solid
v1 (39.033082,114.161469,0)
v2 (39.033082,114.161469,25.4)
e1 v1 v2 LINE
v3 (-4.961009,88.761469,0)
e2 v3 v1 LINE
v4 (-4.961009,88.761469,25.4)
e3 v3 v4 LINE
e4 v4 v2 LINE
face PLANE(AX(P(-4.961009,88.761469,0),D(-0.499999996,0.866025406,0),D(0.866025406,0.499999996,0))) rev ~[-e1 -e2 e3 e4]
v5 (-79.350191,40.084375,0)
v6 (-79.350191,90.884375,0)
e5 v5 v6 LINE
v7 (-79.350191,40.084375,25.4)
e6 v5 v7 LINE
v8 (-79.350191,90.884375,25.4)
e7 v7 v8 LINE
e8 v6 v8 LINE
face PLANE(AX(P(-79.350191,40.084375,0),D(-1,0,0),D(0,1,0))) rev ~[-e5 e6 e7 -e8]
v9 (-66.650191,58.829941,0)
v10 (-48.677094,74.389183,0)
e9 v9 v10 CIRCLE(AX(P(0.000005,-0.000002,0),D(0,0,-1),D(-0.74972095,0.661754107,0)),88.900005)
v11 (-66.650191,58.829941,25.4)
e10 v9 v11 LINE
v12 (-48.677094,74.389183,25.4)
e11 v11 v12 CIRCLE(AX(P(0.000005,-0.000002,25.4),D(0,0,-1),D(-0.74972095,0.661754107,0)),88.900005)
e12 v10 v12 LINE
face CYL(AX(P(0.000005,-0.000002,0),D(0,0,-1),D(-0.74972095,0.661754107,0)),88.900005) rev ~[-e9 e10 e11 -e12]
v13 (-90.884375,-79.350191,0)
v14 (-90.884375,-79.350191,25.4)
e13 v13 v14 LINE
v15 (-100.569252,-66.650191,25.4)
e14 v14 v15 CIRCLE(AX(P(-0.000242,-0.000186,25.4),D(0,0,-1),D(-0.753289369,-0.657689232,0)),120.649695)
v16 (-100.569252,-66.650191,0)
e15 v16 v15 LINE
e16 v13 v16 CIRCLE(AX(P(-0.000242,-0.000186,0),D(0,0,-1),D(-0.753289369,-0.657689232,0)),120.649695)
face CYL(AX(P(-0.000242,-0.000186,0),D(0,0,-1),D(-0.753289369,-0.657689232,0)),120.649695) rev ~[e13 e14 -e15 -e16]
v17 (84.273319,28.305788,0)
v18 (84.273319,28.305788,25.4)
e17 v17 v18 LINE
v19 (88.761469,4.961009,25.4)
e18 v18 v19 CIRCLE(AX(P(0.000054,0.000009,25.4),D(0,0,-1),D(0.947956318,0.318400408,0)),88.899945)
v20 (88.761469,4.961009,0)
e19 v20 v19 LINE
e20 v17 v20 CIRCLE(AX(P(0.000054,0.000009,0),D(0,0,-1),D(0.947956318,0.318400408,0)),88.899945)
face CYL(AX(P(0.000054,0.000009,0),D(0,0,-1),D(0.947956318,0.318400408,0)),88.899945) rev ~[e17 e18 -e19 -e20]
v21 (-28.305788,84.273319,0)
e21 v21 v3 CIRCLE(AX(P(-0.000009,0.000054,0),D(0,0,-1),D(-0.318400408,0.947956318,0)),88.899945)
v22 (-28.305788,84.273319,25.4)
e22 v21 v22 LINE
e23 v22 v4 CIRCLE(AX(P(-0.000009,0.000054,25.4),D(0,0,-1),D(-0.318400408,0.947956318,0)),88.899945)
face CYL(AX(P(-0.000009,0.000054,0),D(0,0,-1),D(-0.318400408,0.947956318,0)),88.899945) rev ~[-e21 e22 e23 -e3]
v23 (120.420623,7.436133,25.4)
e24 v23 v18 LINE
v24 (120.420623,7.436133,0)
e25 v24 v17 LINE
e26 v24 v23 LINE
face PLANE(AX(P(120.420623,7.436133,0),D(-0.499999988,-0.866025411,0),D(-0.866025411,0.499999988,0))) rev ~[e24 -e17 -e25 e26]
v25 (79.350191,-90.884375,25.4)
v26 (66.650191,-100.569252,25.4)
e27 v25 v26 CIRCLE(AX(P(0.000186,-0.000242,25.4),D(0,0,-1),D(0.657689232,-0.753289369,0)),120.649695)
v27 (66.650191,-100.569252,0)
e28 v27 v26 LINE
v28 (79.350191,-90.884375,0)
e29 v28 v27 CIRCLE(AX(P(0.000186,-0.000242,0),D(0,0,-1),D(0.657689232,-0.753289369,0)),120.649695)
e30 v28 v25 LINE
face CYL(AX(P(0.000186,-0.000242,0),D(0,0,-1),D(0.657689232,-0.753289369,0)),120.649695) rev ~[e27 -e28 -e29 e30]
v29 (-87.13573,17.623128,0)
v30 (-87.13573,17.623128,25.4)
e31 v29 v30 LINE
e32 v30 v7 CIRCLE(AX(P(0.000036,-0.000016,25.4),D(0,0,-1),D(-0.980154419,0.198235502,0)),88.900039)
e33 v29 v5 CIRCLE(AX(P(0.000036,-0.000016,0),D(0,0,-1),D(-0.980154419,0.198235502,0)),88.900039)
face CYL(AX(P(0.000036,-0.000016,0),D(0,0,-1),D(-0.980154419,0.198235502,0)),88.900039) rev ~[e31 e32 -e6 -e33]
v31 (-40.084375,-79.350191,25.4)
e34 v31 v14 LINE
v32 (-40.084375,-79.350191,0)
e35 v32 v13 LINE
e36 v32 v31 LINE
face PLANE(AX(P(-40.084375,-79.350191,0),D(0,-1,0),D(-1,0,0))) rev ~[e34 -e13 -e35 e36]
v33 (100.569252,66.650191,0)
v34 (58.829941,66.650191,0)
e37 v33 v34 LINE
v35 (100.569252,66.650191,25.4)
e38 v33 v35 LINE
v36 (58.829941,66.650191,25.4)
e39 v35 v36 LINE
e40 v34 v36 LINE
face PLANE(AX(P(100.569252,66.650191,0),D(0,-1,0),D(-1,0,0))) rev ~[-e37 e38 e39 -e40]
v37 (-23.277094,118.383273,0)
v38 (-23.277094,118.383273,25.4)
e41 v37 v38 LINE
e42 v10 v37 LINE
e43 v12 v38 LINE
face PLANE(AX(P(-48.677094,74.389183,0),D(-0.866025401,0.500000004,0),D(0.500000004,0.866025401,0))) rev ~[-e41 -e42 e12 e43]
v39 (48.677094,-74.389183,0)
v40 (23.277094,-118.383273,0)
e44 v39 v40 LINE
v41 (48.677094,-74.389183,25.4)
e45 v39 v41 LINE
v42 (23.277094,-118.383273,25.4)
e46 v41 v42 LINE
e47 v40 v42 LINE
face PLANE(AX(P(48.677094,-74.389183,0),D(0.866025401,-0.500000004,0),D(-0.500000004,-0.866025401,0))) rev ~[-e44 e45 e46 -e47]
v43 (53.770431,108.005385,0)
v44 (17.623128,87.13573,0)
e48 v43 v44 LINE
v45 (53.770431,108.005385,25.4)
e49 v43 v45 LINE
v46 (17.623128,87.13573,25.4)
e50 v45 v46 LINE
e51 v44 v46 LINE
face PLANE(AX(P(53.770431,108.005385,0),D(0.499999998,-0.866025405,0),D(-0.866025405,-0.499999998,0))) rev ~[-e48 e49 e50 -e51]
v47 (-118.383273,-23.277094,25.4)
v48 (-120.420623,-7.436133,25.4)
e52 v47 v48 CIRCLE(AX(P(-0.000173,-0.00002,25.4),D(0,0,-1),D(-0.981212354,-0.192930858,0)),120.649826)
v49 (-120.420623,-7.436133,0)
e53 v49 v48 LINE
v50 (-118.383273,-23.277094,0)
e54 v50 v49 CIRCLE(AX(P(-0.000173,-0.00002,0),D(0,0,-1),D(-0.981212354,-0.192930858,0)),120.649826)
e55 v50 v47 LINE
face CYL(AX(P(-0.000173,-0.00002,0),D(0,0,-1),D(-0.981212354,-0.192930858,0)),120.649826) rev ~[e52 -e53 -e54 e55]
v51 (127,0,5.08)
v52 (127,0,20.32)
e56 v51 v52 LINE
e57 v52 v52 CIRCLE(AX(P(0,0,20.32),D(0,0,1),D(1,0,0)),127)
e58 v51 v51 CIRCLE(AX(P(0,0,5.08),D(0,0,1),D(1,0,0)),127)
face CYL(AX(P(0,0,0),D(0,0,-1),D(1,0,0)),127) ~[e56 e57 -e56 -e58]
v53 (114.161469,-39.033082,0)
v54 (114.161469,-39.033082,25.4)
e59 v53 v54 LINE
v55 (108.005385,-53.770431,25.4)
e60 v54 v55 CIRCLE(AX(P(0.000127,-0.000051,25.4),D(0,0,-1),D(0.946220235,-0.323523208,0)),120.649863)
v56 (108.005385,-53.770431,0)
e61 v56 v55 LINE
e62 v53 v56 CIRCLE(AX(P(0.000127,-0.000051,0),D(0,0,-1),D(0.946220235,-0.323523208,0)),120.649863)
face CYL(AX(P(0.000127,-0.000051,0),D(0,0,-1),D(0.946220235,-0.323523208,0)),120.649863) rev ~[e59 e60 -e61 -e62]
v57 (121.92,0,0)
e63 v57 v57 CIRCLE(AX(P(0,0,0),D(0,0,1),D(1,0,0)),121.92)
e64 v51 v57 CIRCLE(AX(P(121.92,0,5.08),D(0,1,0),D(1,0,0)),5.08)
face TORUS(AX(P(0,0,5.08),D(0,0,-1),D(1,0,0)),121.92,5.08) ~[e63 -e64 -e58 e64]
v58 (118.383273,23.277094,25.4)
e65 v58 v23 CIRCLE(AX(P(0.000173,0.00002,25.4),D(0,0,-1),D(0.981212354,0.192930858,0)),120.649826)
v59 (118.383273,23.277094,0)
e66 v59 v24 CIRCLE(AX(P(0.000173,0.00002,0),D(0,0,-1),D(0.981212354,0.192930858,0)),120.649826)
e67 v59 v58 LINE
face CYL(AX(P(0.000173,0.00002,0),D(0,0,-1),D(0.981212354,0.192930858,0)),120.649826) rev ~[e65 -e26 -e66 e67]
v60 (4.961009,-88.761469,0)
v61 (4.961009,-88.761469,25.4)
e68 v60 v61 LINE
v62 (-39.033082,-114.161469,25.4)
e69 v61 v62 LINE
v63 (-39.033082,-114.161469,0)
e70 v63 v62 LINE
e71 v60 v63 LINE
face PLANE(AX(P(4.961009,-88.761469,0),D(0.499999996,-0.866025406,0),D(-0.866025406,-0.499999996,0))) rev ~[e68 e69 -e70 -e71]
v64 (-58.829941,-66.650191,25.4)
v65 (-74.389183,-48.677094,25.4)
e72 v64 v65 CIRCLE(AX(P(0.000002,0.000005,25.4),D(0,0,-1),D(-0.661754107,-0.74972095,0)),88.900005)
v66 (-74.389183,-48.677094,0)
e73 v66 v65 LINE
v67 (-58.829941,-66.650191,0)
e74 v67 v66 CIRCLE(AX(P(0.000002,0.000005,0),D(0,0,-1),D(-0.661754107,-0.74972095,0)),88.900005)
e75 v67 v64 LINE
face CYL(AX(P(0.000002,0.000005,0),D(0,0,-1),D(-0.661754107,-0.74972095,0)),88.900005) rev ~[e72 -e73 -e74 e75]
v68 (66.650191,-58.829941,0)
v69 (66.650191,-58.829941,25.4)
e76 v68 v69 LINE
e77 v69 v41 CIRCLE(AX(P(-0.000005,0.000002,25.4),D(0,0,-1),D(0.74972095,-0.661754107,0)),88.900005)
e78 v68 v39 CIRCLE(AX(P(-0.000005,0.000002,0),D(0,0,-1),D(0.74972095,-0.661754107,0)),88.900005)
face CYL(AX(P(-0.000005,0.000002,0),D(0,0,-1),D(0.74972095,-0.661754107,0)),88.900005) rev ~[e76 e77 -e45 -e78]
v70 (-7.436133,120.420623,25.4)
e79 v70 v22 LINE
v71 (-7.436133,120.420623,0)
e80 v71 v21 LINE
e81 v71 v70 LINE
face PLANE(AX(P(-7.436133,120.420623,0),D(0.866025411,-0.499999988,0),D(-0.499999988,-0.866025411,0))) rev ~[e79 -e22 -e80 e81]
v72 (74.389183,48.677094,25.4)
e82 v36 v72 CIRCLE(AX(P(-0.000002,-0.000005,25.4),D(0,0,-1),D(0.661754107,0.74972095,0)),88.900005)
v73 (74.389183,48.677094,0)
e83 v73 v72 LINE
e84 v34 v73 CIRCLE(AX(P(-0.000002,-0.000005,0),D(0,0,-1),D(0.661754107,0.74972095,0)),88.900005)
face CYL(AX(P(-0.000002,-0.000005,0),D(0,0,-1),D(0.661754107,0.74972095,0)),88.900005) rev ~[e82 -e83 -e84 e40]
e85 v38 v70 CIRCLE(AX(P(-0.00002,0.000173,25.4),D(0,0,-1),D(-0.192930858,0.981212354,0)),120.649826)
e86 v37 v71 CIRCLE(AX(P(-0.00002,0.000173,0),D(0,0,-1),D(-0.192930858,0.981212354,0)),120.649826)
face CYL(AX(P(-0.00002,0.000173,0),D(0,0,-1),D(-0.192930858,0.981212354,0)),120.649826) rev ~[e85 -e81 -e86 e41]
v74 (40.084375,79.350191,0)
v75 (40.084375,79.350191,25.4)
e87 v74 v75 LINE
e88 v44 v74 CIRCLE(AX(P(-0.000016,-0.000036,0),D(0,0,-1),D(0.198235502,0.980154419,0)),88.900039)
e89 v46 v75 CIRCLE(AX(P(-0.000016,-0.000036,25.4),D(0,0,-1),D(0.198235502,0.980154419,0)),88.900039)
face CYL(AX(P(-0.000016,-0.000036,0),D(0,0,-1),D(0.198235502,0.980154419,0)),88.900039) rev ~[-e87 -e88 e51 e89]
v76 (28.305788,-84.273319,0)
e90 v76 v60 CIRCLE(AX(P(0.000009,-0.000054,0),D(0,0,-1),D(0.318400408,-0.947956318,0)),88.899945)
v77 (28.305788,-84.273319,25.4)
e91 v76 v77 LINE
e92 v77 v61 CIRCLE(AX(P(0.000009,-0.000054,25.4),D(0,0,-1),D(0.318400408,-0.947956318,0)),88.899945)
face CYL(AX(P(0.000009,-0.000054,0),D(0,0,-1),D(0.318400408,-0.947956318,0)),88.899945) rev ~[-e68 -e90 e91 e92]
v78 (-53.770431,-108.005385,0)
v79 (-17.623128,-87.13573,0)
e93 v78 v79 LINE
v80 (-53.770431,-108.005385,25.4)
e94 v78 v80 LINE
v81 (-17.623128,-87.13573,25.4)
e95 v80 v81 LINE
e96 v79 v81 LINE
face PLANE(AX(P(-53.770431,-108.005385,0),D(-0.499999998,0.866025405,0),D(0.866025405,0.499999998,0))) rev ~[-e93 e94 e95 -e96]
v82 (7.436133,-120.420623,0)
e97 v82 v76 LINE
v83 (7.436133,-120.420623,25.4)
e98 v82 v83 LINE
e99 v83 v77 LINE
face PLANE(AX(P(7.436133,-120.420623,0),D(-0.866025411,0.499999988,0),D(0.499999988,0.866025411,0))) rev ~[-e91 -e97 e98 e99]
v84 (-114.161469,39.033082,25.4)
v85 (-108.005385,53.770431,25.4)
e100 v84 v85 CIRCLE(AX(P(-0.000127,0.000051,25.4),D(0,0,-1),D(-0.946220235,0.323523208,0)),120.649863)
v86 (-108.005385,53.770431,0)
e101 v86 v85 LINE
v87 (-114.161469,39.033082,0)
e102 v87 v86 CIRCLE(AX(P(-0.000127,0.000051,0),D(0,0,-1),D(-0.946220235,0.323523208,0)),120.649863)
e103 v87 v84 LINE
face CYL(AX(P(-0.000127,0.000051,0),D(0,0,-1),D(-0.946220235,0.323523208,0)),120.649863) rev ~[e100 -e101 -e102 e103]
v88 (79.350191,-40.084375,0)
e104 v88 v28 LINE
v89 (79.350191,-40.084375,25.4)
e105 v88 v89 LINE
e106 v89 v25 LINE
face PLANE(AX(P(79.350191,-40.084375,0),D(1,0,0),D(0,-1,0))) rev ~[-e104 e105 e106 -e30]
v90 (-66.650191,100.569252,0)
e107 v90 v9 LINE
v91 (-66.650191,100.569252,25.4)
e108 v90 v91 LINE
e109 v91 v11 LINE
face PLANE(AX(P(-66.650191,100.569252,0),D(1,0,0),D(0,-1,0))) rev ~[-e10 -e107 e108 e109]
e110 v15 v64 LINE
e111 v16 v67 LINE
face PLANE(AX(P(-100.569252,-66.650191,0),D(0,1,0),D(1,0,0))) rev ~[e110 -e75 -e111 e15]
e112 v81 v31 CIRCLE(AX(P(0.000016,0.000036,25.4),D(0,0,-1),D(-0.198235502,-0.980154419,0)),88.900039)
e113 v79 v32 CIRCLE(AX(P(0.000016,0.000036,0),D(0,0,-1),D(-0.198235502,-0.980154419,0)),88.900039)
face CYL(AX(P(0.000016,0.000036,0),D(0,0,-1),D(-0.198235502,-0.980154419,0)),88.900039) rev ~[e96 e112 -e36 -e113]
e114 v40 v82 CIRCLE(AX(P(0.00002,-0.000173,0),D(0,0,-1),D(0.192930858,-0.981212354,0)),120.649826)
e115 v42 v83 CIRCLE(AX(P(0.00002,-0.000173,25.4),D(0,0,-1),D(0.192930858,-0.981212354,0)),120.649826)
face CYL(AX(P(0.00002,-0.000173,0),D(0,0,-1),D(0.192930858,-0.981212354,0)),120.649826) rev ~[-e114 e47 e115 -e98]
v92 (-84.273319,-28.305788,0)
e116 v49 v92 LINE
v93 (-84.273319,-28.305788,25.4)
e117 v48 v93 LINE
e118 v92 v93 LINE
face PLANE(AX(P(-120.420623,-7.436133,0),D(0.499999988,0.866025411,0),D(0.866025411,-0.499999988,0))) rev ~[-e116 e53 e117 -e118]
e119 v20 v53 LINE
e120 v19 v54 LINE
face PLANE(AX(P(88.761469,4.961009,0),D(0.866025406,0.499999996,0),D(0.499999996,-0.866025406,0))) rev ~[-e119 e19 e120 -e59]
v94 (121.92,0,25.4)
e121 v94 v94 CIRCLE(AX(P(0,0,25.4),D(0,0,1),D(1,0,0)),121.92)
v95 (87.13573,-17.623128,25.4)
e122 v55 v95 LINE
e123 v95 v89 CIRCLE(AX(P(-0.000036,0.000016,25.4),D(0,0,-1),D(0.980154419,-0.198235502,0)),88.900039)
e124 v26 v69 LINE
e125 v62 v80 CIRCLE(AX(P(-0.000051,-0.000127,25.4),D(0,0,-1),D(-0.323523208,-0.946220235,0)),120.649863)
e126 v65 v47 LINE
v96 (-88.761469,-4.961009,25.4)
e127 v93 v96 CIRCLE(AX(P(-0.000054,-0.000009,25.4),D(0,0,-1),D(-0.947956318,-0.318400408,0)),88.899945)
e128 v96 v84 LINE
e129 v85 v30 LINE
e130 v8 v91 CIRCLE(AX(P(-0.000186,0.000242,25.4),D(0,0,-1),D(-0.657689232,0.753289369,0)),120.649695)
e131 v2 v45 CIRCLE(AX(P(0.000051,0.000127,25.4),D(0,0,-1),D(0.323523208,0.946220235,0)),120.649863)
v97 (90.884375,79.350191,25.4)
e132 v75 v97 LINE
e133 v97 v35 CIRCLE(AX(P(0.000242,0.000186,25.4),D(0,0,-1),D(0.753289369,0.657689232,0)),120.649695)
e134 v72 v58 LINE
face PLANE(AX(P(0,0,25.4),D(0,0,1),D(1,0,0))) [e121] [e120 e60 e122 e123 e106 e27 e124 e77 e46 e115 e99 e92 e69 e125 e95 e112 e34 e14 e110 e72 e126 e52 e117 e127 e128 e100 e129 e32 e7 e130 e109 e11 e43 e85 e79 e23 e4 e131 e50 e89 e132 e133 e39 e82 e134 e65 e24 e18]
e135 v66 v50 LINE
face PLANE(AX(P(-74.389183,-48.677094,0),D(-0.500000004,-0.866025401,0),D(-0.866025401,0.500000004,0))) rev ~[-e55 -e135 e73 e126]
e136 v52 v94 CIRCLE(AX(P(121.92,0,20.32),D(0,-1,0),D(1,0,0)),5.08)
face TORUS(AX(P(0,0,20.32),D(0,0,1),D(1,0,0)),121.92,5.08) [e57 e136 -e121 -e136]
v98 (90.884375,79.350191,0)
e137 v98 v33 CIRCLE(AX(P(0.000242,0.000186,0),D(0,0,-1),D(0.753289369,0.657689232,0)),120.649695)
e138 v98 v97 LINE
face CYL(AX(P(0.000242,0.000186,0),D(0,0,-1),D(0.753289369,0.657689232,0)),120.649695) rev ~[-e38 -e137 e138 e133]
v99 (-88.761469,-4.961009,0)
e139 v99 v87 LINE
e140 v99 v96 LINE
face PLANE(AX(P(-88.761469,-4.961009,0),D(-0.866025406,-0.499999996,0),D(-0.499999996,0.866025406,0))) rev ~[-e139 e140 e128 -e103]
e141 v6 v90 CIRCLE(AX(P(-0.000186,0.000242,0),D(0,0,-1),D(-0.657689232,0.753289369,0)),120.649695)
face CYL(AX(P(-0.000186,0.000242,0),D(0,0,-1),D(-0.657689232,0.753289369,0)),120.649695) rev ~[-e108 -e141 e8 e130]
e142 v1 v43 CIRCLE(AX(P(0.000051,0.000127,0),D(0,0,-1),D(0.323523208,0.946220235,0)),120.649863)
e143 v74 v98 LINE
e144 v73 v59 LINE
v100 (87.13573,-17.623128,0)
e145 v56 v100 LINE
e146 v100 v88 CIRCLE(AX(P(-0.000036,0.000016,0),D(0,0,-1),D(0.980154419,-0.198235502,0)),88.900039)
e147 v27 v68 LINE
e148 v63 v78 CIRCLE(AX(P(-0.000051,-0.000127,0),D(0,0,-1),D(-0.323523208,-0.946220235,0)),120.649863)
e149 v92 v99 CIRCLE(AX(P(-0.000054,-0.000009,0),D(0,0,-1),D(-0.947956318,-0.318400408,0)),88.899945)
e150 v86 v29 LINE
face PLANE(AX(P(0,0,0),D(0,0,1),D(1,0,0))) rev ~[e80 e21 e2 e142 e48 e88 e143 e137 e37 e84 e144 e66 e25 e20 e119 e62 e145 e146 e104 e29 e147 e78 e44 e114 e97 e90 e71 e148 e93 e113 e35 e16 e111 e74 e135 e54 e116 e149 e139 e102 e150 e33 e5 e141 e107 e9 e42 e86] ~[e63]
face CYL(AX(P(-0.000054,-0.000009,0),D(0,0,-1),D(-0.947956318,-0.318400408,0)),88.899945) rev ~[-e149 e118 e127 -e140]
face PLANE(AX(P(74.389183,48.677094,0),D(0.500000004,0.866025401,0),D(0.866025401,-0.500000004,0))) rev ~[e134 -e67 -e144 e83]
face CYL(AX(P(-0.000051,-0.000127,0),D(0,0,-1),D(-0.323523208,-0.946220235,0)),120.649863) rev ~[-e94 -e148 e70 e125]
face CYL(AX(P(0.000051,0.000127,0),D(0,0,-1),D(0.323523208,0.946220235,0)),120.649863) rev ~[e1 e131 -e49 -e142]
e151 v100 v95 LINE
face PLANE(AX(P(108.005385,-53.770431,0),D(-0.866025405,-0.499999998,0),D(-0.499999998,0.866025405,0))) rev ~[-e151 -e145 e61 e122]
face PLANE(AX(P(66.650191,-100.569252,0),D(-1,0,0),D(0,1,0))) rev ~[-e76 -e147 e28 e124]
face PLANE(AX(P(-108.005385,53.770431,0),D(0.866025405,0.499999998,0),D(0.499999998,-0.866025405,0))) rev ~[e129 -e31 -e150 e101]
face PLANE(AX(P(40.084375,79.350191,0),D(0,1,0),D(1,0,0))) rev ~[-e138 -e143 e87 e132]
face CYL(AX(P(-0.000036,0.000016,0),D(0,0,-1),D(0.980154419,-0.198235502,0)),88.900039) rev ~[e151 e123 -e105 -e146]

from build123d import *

# Parameters (mm, degrees)
F0_R     = 127
F1_DEPTH = 25.4
F2_R     = 5.08


with BuildPart() as f1:
    # F0 (on Top) → F1 (new body)
    with BuildSketch(Plane.XY):
        Circle(F0_R)
        with BuildLine():
            ThreePointArc((120.420623, 7.436133), (120.592642, 3.719835), (120.65, 0))
            ThreePointArc((120.65, 0), (119.016813, -19.784353), (114.161469, -39.033082))
            ThreePointArc((114.161469, -39.033082), (111.327558, -46.503735), (108.005385, -53.770431))
            ThreePointArc((108.005385, -53.770431), (95.498111, -73.732851), (79.350191, -90.884375))
            ThreePointArc((79.350191, -90.884375), (73.160626, -95.937195), (66.650191, -100.569252))
            ThreePointArc((66.650191, -100.569252), (45.837365, -111.603577), (23.277094, -118.383273))
            ThreePointArc((23.277094, -118.383273), (15.390363, -119.664361), (7.436133, -120.420623))
            ThreePointArc((7.436133, -120.420623), (-16.105466, -119.570216), (-39.033082, -114.161469))
            ThreePointArc((-39.033082, -114.161469), (-46.503735, -111.327558), (-53.770431, -108.005385))
            ThreePointArc((-53.770431, -108.005385), (-73.732851, -95.498111), (-90.884375, -79.350191))
            ThreePointArc((-90.884375, -79.350191), (-95.937195, -73.160626), (-100.569252, -66.650191))
            ThreePointArc((-100.569252, -66.650191), (-111.603577, -45.837365), (-118.383273, -23.277094))
            ThreePointArc((-118.383273, -23.277094), (-119.664361, -15.390363), (-120.420623, -7.436133))
            ThreePointArc((-120.420623, -7.436133), (-119.570216, 16.105466), (-114.161469, 39.033082))
            ThreePointArc((-114.161469, 39.033082), (-111.327558, 46.503735), (-108.005385, 53.770431))
            ThreePointArc((-108.005385, 53.770431), (-95.498111, 73.732851), (-79.350191, 90.884375))
            ThreePointArc((-79.350191, 90.884375), (-73.160626, 95.937195), (-66.650191, 100.569252))
            ThreePointArc((-66.650191, 100.569252), (-45.837365, 111.603577), (-23.277094, 118.383273))
            ThreePointArc((-23.277094, 118.383273), (-15.390363, 119.664361), (-7.436133, 120.420623))
            ThreePointArc((-7.436133, 120.420623), (16.105466, 119.570216), (39.033082, 114.161469))
            ThreePointArc((39.033082, 114.161469), (46.503735, 111.327558), (53.770431, 108.005385))
            ThreePointArc((53.770431, 108.005385), (73.732851, 95.498111), (90.884375, 79.350191))
            ThreePointArc((90.884375, 79.350191), (95.937195, 73.160626), (100.569252, 66.650191))
            ThreePointArc((100.569252, 66.650191), (111.603577, 45.837365), (118.383273, 23.277094))
            ThreePointArc((118.383273, 23.277094), (119.664361, 15.390363), (120.420623, 7.436133))
        make_face(mode=Mode.SUBTRACT)
        with BuildLine():
            Line((-79.350191, 40.084375), (-79.350191, 90.884375))
            ThreePointArc((-79.350191, 90.884375), (-95.498111, 73.732851), (-108.005385, 53.770431))
            Line((-108.005385, 53.770431), (-87.13573, 17.623128))
            ThreePointArc((-87.13573, 17.623128), (-83.997127, 29.115161), (-79.350191, 40.084375))
        make_face()
        with BuildLine():
            Line((-48.677094, 74.389183), (-23.277094, 118.383273))
            ThreePointArc((-23.277094, 118.383273), (-45.837365, 111.603577), (-66.650191, 100.569252))
            Line((-66.650191, 100.569252), (-66.650191, 58.829941))
            ThreePointArc((-66.650191, 58.829941), (-58.186065, 67.213033), (-48.677094, 74.389183))
        make_face()
        with BuildLine():
            Line((-4.961009, 88.761469), (39.033082, 114.161469))
            ThreePointArc((39.033082, 114.161469), (16.105466, 119.570216), (-7.436133, 120.420623))
            Line((-7.436133, 120.420623), (-28.305788, 84.273319))
            ThreePointArc((-28.305788, 84.273319), (-16.784094, 87.301227), (-4.961009, 88.761469))
        make_face()
        with BuildLine():
            Line((40.084375, 79.350191), (90.884375, 79.350191))
            ThreePointArc((90.884375, 79.350191), (73.732851, 95.498111), (53.770431, 108.005385))
            Line((53.770431, 108.005385), (17.623128, 87.13573))
            ThreePointArc((17.623128, 87.13573), (29.115161, 83.997127), (40.084375, 79.350191))
        make_face()
        with BuildLine():
            Line((74.389183, 48.677094), (118.383273, 23.277094))
            ThreePointArc((118.383273, 23.277094), (111.603577, 45.837365), (100.569252, 66.650191))
            Line((100.569252, 66.650191), (58.829941, 66.650191))
            ThreePointArc((58.829941, 66.650191), (67.213033, 58.186065), (74.389183, 48.677094))
        make_face()
        with BuildLine():
            ThreePointArc((114.161469, -39.033082), (119.016813, -19.784353), (120.65, 0))
            ThreePointArc((120.65, 0), (120.592642, 3.719835), (120.420623, 7.436133))
            Line((120.420623, 7.436133), (84.273319, 28.305788))
            ThreePointArc((84.273319, 28.305788), (87.301227, 16.784094), (88.761469, 4.961009))
            Line((88.761469, 4.961009), (114.161469, -39.033082))
        make_face()
        with BuildLine():
            ThreePointArc((79.350191, -90.884375), (95.498111, -73.732851), (108.005385, -53.770431))
            Line((108.005385, -53.770431), (87.13573, -17.623128))
            ThreePointArc((87.13573, -17.623128), (83.997127, -29.115161), (79.350191, -40.084375))
            Line((79.350191, -40.084375), (79.350191, -90.884375))
        make_face()
        with BuildLine():
            ThreePointArc((23.277094, -118.383273), (45.837365, -111.603577), (66.650191, -100.569252))
            Line((66.650191, -100.569252), (66.650191, -58.829941))
            ThreePointArc((66.650191, -58.829941), (58.186065, -67.213033), (48.677094, -74.389183))
            Line((48.677094, -74.389183), (23.277094, -118.383273))
        make_face()
        with BuildLine():
            ThreePointArc((-90.884375, -79.350191), (-73.732851, -95.498111), (-53.770431, -108.005385))
            Line((-53.770431, -108.005385), (-17.623128, -87.13573))
            ThreePointArc((-17.623128, -87.13573), (-29.115161, -83.997127), (-40.084375, -79.350191))
            Line((-40.084375, -79.350191), (-90.884375, -79.350191))
        make_face()
        with BuildLine():
            ThreePointArc((-39.033082, -114.161469), (-16.105466, -119.570216), (7.436133, -120.420623))
            Line((7.436133, -120.420623), (28.305788, -84.273319))
            ThreePointArc((28.305788, -84.273319), (16.784094, -87.301227), (4.961009, -88.761469))
            Line((4.961009, -88.761469), (-39.033082, -114.161469))
        make_face()
        with BuildLine():
            ThreePointArc((-118.383273, -23.277094), (-111.603577, -45.837365), (-100.569252, -66.650191))
            Line((-100.569252, -66.650191), (-58.829941, -66.650191))
            ThreePointArc((-58.829941, -66.650191), (-67.213033, -58.186065), (-74.389183, -48.677094))
            Line((-74.389183, -48.677094), (-118.383273, -23.277094))
        make_face()
        with BuildLine():
            Line((-88.761469, -4.961009), (-114.161469, 39.033082))
            ThreePointArc((-114.161469, 39.033082), (-119.570216, 16.105466), (-120.420623, -7.436133))
            Line((-120.420623, -7.436133), (-84.273319, -28.305788))
            ThreePointArc((-84.273319, -28.305788), (-87.301227, -16.784094), (-88.761469, -4.961009))
        make_face()
    extrude(amount=F1_DEPTH)

    # F2
    f2_edges = [f1.edges().sort_by_distance(p)[0] for p in [
        (-127, 0, 25.4),
        (-127, 0, 0),
    ]]
    fillet(f2_edges, radius=F2_R)


solid = f1.part
